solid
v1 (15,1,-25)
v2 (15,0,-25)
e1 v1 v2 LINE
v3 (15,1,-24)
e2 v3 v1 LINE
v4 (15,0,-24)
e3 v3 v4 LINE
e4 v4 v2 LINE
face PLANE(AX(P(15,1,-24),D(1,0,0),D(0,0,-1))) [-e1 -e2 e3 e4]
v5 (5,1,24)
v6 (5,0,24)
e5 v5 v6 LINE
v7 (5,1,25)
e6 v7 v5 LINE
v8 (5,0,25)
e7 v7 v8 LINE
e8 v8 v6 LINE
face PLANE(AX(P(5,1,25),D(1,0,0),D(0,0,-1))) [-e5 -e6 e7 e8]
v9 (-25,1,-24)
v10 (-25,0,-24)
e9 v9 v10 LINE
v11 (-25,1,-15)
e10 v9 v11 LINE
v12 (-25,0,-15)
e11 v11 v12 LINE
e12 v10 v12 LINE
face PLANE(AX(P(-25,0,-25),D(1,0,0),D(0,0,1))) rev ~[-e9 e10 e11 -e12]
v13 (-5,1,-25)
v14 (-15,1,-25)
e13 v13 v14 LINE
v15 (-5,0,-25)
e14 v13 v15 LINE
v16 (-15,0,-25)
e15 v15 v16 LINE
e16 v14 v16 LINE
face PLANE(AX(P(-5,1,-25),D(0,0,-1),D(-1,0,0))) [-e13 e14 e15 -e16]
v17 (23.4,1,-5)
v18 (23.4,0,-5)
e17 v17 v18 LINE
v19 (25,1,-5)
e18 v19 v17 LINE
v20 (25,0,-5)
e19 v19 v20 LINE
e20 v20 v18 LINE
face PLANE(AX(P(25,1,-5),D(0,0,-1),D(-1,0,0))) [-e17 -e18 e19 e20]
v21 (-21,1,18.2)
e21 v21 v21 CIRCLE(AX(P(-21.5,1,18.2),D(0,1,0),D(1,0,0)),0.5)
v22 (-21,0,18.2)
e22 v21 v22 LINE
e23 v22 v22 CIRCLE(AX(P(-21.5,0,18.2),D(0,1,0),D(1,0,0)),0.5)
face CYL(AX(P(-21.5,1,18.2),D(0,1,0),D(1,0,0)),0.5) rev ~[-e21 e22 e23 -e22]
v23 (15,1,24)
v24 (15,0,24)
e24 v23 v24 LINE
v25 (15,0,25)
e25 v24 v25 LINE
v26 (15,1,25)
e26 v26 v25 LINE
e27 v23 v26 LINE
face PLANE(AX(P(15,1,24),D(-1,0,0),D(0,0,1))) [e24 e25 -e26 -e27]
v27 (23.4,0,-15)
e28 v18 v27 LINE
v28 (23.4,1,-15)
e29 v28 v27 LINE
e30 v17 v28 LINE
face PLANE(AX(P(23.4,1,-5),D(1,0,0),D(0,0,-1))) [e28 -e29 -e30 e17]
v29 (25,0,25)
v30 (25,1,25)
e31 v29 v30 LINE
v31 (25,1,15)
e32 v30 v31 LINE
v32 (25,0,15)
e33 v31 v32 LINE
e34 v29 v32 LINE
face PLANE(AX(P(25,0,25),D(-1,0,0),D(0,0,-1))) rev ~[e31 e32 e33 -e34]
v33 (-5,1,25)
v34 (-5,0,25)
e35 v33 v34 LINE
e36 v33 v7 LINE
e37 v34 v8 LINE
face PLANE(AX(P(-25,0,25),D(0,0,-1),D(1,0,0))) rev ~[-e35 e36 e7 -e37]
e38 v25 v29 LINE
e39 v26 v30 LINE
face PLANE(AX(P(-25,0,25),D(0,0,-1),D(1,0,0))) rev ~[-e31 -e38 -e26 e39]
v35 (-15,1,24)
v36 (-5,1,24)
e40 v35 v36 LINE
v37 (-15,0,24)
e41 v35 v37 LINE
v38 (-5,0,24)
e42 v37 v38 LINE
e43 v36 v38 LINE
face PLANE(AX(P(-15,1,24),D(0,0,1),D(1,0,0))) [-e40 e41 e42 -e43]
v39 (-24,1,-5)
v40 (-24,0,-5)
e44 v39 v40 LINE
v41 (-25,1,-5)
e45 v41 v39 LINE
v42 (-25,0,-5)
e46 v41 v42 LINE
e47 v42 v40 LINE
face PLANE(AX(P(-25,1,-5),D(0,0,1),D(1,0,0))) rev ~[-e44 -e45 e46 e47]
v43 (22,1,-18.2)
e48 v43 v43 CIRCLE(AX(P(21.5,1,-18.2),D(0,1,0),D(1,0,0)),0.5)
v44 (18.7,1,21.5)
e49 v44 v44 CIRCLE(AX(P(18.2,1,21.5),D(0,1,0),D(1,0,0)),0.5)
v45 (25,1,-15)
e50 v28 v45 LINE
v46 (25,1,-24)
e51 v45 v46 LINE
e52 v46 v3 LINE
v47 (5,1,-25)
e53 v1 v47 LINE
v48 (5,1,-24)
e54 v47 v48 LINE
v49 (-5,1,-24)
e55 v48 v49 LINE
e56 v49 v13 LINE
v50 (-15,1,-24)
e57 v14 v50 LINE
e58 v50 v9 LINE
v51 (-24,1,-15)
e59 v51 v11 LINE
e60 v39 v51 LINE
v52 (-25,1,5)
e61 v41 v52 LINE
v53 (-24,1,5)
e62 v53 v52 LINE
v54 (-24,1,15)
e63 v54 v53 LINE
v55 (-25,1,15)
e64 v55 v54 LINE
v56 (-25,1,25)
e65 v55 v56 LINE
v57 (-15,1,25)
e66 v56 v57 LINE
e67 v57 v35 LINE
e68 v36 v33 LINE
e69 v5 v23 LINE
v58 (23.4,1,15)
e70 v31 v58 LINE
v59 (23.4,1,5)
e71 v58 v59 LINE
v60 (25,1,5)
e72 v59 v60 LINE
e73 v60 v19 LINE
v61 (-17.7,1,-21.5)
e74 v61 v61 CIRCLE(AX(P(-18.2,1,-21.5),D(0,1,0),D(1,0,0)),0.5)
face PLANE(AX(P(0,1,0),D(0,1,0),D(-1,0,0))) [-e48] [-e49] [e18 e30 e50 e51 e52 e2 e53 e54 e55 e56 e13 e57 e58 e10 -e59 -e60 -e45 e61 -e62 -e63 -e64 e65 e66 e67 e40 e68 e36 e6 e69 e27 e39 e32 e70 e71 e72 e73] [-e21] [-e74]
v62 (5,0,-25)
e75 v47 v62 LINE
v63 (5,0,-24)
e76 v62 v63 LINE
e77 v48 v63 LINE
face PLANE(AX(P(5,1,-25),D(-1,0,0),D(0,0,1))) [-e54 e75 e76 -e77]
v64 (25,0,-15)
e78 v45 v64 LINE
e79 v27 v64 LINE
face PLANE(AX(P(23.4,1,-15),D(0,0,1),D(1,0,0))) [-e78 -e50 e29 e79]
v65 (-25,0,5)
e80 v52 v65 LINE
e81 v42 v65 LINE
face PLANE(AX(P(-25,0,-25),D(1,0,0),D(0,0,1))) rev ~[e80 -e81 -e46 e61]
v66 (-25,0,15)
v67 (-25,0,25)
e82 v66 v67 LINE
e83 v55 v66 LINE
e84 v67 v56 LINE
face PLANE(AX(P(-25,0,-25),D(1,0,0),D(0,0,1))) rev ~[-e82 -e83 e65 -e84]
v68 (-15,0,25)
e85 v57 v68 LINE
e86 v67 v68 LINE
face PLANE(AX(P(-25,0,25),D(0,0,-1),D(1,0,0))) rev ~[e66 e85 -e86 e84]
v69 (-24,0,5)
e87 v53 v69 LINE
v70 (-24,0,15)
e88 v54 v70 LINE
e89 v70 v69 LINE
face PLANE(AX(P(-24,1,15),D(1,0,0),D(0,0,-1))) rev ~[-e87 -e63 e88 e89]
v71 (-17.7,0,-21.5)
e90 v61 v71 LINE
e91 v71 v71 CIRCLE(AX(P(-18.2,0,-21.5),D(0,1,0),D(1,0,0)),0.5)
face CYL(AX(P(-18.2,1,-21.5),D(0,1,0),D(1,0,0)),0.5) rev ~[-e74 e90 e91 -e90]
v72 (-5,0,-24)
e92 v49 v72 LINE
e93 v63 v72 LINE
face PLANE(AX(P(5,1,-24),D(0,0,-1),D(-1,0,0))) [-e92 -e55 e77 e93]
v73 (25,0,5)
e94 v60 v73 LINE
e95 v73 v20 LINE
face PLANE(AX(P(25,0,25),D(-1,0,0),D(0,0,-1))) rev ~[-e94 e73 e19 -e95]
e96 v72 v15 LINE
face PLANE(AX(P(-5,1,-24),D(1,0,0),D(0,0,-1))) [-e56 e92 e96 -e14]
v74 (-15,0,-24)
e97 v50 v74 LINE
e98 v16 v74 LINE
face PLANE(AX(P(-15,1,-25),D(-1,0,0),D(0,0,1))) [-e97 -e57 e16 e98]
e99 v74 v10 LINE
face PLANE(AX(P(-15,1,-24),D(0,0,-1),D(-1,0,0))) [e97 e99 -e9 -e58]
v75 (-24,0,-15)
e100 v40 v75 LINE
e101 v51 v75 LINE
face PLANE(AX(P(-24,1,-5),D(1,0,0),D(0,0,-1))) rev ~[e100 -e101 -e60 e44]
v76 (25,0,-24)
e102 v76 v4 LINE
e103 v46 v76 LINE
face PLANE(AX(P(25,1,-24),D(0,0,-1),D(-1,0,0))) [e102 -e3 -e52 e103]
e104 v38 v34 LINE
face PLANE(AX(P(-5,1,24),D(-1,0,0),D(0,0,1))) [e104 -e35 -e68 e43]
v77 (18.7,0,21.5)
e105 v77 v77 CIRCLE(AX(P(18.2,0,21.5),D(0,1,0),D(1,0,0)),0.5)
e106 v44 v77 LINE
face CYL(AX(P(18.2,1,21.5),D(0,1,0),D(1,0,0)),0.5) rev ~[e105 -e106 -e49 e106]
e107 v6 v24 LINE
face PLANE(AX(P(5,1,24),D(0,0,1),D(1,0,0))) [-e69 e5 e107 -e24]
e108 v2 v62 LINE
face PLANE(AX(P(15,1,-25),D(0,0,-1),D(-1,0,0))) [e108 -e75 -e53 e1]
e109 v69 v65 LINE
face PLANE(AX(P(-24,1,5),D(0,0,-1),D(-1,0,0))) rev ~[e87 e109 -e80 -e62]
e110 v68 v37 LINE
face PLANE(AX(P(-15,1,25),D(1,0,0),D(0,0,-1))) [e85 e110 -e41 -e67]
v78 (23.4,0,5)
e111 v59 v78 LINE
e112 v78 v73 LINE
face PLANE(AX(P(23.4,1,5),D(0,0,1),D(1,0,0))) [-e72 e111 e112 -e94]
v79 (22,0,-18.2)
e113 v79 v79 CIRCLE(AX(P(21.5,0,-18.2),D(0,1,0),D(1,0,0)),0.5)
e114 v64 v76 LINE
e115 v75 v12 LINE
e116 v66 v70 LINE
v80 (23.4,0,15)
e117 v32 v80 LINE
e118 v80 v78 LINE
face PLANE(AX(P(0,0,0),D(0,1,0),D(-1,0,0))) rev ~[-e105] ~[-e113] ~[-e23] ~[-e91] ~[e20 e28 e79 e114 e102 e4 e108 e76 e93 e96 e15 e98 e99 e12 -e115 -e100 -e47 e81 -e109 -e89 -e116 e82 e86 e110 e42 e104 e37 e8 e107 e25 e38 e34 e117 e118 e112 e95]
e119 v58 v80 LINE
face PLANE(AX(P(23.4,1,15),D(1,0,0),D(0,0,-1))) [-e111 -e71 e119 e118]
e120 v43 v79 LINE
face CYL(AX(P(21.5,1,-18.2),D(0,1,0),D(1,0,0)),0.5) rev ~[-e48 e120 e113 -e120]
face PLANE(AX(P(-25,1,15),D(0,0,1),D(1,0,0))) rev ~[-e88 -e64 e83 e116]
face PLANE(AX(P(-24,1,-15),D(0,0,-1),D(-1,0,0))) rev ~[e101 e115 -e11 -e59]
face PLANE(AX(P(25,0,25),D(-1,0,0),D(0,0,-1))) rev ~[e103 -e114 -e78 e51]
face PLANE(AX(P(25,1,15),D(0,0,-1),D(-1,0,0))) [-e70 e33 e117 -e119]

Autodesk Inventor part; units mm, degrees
ref_plane "YZ Plane" through (0, 0, 0) normal (1, 0, 0) x (0, 1, 0)
ref_plane "XZ Plane" through (0, 0, 0) normal (0, 1, 0) x (-1, 0, 0)
ref_plane "XY Plane" through (0, 0, 0) normal (0, 0, 1) x (1, 0, 0)
sketch "Sketch1" plane through (0, 0, 0) normal (0, 1, 0) x (-1, 0, 0)
  line L0 (-25, -25) -> (25, -25)
  line L1 (25, -25) -> (25, 25)
  line L2 (25, 25) -> (-25, 25)
  line L3 (-25, 25) -> (-25, -25)
  line L4 (-25, -25) -> (25, 25) construction
  line L5 (25, -25) -> (-25, 25) construction
  point P0 (0, 0)
  dimension "d0" = 50
  dimension "d1" = 50
extrude "Extrusion1" add sketch "Sketch1" along normal blind 1
sketch "Sketch2" plane through (0, 1, 0) normal (0, 1, 0) x (1, 0, 0)
  line L0 (25, -25) -> (25, -15)
  line L1 (25, -25) -> (25, 25) projected
  line L2 (25, -15) -> (23.4, -15)
  line L3 (23.4, -15) -> (23.4, -5)
  line L4 (23.4, -5) -> (25, -5)
  line L5 (25, -5) -> (25, 5)
  line L6 (25, 5) -> (23.4, 5)
  line L7 (23.4, 5) -> (23.4, 15)
  line L8 (23.4, 15) -> (25, 15)
  line L9 (25, 15) -> (25, 25)
  line L10 (27, 25) -> (27, -25)
  line L11 (27, -25) -> (25, -25)
  point P0 (0, 0)
  dimension "d4" = 1.6
  dimension "d5" = 10
  dimension "d6" = 10
extrude "Extrusion2" cut sketch "Sketch2" against normal blind 1
sketch "Sketch3" plane through (0, 1, 0) normal (0, 1, 0) x (1, 0, 0)
  line L0 (25, 25) -> (25, 24)
  line L1 (25, 24) -> (15, 24)
  line L2 (15, 24) -> (15, 25)
  line L3 (25, 25) -> (-25, 25) projected
  line L4 (15, 25) -> (5, 25)
  line L5 (5, 25) -> (5, 24)
  line L6 (5, 24) -> (-5, 24)
  line L7 (-5, 24) -> (-5, 25)
  line L8 (-5, 25) -> (-15, 25)
  line L9 (-15, 25) -> (-15, 24)
  line L10 (-15, 24) -> (-25, 24)
  line L11 (-25, 24) -> (-25, 27)
  line L12 (-25, 27) -> (25, 27)
  line L13 (25, 27) -> (25, 25)
  point P0 (0, 0)
extrude "Extrusion3" cut sketch "Sketch3" against normal blind 1
sketch "Sketch4" plane through (0, 1, 0) normal (0, 1, 0) x (1, 0, 0)
  line L0 (-25, -25) -> (-25, -15)
  line L1 (-25, -15) -> (-24, -15)
  line L2 (-24, -15) -> (-24, -5)
  line L3 (-24, -5) -> (-25, -5)
  line L4 (-25, 24) -> (-25, -25) projected
  line L5 (-25, -5) -> (-25, 5)
  line L6 (-25, 24) -> (-25, -25) projected
  line L7 (-25, 5) -> (-24, 5)
  line L8 (-24, 5) -> (-24, 15)
  line L9 (-24, 15) -> (-25, 15)
  line L10 (-25, 24) -> (-27, 23)
  line L11 (-27, 23) -> (-27, -24.2648)
  line L12 (-27, -24.2648) -> (-25, -25)
  point P0 (0, 0)
  dimension "d11" = 10
  dimension "d12" = 10
  dimension "d13" = 10
extrude "Extrusion4" cut sketch "Sketch4" against normal blind 1 contours L4 L3 L2 L1 | L4 L9 L8 L7
sketch "Sketch5" plane through (0, 1, 0) normal (0, 1, 0) x (1, 0, 0)
  line L0 (-25, -25) -> (-15, -25)
  line L1 (-25, -25) -> (25, -25) projected
  line L2 (-15, -25) -> (-15, -24)
  line L3 (-15, -24) -> (-5, -24)
  line L4 (-5, -24) -> (-5, -25)
  line L5 (-5, -25) -> (5, -25)
  line L6 (5, -25) -> (5, -24)
  line L7 (5, -24) -> (15, -24)
  line L8 (15, -24) -> (15, -25)
  line L9 (25, -25) -> (25, -26)
  line L10 (25, -26) -> (-25, -26)
  line L11 (-25, -26) -> (-25, -25)
  point P0 (0, 0)
  dimension "d16" = 10
extrude "Extrusion5" cut sketch "Sketch5" against normal blind 1 contours L2 L3 L4 L1 | L6 L7 L8 L1
sketch "Sketch6" plane through (0, 1, 0) normal (0, 1, 0) x (1, 0, 0)
  circle A0 centre (-21.5, -18.2) radius 0.5
  circle A1 centre (-18.2, 21.5) radius 0.5
  circle A2 centre (18.2, -21.5) radius 0.5
  circle A3 centre (21.5, 18.2) radius 0.5
  line L0 (15, -25) -> (25, -25) projected
  line L1 (25, -25) -> (25, -15) projected
  line L2 (-25, -25) -> (-15, -25) projected
  line L3 (-25, -15) -> (-25, -25) projected
  line L4 (-5, 25) -> (-15, 25) projected
  line L5 (-25, 24) -> (-25, 15) projected
  line L6 (25, 24) -> (15, 24) projected
  line L7 (25, 15) -> (25, 24) projected
  point P0 (0, 0)
  dimension "d21" = 1
  dimension "d22" = 1
  dimension "d23" = 1
  dimension "d24" = 1
  dimension "d25" = 3.5
  dimension "d26" = 6.8
  dimension "d27" = 6.8
  dimension "d28" = 3.5
  dimension "d29" = 3.5
  dimension "d30" = 6.8
  dimension "d31" = 5.8
  dimension "d32" = 3.5
extrude "Extrusion6" cut sketch "Sketch6" against normal blind 1
properties part number "Side Panel"
